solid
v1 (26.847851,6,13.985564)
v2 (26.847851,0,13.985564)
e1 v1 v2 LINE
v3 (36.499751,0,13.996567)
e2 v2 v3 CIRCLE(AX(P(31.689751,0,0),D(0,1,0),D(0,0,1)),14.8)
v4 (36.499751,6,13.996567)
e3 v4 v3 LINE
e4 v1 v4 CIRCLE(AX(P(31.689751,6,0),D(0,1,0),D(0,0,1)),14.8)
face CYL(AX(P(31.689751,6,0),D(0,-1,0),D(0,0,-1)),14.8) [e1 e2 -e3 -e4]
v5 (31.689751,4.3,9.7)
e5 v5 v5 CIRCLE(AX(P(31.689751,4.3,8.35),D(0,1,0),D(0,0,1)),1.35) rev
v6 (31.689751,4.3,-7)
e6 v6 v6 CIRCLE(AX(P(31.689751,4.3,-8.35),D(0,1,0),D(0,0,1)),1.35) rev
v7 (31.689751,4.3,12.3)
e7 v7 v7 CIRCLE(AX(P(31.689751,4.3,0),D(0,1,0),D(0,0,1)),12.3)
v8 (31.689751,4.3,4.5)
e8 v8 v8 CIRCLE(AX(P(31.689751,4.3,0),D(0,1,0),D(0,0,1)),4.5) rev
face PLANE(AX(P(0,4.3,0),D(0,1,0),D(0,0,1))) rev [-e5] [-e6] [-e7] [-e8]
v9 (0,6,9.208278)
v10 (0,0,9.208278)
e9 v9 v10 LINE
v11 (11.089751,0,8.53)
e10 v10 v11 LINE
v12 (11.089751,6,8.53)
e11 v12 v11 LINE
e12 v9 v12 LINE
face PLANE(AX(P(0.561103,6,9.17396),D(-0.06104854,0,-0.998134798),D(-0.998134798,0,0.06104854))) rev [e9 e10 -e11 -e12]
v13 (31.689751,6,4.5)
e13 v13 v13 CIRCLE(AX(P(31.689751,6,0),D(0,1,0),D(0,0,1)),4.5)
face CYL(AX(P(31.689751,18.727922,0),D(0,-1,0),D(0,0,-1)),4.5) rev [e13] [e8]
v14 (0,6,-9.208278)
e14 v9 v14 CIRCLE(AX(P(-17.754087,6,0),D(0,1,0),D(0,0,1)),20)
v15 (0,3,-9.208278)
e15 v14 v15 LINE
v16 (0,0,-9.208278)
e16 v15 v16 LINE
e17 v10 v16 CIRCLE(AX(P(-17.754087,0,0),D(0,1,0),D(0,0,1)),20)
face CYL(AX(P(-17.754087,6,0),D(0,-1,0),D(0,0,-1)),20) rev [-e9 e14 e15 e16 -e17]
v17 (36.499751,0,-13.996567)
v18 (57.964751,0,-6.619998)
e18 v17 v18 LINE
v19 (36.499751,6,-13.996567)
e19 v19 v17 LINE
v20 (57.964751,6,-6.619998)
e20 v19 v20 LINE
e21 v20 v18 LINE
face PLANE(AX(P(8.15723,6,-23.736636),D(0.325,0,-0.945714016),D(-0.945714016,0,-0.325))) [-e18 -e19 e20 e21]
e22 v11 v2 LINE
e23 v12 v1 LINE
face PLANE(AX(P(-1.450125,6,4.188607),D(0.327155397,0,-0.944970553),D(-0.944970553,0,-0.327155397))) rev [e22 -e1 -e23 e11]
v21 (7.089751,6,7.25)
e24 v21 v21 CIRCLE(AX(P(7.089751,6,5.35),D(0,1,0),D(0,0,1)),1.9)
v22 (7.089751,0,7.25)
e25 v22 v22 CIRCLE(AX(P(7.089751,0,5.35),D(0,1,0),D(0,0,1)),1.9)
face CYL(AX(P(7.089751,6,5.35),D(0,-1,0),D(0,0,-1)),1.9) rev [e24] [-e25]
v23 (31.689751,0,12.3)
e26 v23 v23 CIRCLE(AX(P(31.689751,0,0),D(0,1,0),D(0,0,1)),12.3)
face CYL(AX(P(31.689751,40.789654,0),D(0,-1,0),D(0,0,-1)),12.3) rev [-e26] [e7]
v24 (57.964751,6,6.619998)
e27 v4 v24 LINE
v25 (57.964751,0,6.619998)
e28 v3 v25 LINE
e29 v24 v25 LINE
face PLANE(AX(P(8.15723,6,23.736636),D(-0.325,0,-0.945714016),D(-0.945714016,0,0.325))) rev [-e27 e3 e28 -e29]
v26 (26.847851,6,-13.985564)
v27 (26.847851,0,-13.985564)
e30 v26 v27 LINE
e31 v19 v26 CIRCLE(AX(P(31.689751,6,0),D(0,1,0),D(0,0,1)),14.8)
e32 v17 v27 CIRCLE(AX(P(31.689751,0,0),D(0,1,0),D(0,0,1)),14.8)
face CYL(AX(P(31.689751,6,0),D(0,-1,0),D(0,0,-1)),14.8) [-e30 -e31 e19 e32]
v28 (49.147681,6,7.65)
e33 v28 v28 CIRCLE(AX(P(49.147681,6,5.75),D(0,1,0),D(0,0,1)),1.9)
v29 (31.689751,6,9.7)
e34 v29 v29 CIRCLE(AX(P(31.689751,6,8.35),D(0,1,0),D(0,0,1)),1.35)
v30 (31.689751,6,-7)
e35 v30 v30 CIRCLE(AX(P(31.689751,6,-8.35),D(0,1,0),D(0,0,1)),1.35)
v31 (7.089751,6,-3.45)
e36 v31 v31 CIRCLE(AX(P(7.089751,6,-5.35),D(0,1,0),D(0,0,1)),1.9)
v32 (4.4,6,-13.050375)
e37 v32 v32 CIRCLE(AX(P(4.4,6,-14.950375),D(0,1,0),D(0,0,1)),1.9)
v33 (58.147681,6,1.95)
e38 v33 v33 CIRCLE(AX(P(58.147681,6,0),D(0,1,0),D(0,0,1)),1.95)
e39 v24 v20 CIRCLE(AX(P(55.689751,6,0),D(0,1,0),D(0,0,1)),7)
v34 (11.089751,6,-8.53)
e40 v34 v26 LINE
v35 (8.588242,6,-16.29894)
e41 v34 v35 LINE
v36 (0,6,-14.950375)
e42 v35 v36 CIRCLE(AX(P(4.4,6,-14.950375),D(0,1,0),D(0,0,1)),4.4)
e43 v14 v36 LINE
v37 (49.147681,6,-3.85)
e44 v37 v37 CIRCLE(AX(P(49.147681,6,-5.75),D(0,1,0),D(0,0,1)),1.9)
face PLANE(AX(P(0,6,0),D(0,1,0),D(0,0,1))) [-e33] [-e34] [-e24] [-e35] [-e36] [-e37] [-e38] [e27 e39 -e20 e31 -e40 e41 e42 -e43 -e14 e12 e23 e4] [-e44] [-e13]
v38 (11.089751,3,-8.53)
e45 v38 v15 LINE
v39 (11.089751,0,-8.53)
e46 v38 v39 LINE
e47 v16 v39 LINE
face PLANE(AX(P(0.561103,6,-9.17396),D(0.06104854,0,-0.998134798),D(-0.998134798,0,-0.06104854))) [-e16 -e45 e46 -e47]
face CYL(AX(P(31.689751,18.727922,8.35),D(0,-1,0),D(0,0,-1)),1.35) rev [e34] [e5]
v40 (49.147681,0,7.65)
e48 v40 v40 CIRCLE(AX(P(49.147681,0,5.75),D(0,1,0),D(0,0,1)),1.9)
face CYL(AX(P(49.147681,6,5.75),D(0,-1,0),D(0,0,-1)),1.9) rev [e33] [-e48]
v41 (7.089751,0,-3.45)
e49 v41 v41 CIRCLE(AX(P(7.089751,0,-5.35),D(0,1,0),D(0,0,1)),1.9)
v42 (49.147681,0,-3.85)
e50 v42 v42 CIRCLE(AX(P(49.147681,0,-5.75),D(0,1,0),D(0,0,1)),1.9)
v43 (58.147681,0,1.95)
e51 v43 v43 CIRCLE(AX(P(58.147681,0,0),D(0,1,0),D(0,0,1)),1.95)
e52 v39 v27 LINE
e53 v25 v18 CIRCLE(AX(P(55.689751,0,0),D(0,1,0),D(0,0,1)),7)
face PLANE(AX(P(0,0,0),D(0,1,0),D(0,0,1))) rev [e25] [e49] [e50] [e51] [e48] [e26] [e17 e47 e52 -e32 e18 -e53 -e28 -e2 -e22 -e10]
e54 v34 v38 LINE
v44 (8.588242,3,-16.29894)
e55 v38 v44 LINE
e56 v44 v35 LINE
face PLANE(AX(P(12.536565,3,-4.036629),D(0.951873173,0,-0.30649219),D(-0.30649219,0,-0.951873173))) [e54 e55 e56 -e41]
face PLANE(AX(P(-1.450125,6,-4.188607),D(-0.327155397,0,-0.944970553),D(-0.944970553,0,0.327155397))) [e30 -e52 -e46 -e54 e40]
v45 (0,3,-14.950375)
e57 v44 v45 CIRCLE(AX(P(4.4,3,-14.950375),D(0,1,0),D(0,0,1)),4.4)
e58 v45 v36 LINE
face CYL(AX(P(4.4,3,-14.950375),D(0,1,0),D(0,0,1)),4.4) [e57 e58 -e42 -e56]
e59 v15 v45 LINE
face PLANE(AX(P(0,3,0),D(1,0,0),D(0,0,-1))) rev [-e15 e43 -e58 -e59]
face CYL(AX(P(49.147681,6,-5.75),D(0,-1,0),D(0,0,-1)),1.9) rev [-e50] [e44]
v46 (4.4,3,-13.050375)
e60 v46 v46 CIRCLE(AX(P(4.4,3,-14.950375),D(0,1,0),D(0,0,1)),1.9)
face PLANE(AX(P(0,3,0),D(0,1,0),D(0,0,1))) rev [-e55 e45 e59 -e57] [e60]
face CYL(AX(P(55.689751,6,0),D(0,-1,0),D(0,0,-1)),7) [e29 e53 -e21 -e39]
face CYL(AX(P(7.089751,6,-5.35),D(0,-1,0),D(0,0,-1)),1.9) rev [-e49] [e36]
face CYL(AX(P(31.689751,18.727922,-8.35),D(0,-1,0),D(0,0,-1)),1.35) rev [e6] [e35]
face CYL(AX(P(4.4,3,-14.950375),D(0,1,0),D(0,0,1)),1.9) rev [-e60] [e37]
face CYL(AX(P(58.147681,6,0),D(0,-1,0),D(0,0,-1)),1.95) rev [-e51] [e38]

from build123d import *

# Parameters (mm, degrees)
SKETCH1_R           = 1.9
SKETCH1_R_2         = 1.95
BOSS_EXTRUDE1_DEPTH = 6
SKETCH2_R           = 12.3
CUT_EXTRUDE1_DEPTH  = 4.3
SKETCH5_R           = 1.35
SKETCH5_R_2         = 4.5
CUT_EXTRUDE3_DEPTH  = 6
SKETCH6_R           = 1.9
BOSS_EXTRUDE3_DEPTH = 3


with BuildPart() as part:
    # Sketch1 → Boss-Extrude1 (new body)
    with BuildSketch(Plane(origin=(0, 0, 0), x_dir=(1, 0, 0), z_dir=(0, 1, 0))):
        with BuildLine():
            Line((11.089751242, 8.53), (0, 9.208278243))
            ThreePointArc((0, 9.208278243), (2.245912814, 0), (0, -9.208278243))
            Line((0, -9.208278243), (11.089751242, -8.53))
            Line((11.089751242, -8.53), (26.847851363, -13.985564185))
            ThreePointArc((26.847851363, -13.985564185), (31.672879121, -14.799990383), (36.499751242, -13.996567436))
            Line((36.499751242, -13.996567436), (57.964751242, -6.619998112))
            ThreePointArc((57.964751242, -6.619998112), (62.689751242, 0), (57.964751242, 6.619998112))
            Line((57.964751242, 6.619998112), (36.499751242, 13.996567436))
            ThreePointArc((36.499751242, 13.996567436), (31.672879121, 14.799990383), (26.847851363, 13.985564185))
            Line((26.847851363, 13.985564185), (11.089751242, 8.53))
        make_face()
        with Locations(Location((7.089751242, -5.35, 0), (0, 0, 270))):
            Circle(SKETCH1_R, mode=Mode.SUBTRACT)
        with Locations(Location((7.089751242, 5.35, 0), (0, 0, 270))):
            Circle(SKETCH1_R, mode=Mode.SUBTRACT)
        with Locations(Location((49.14768086, 5.75, 0), (0, 0, 270))):
            Circle(SKETCH1_R, mode=Mode.SUBTRACT)
        with Locations(Location((49.14768086, -5.75, 0), (0, 0, 270))):
            Circle(SKETCH1_R, mode=Mode.SUBTRACT)
        with Locations(Location((58.14768086, 0, 0), (0, 0, 270))):
            Circle(SKETCH1_R_2, mode=Mode.SUBTRACT)
    extrude(amount=BOSS_EXTRUDE1_DEPTH)

    # Sketch2 → Cut-Extrude1 (cut)
    with BuildSketch(Plane(origin=(0, 0, 0), x_dir=(1, 0, 0), z_dir=(0, 1, 0))):
        with Locations(Location((31.689751242, 0, 0), (0, 0, 270))):
            Circle(SKETCH2_R)
    extrude(amount=CUT_EXTRUDE1_DEPTH, mode=Mode.SUBTRACT)

    # Sketch5 → Cut-Extrude3 (cut)
    with BuildSketch(Plane(origin=(0, 0, 0), x_dir=(1, 0, 0), z_dir=(0, 1, 0))):
        with Locations(Location((31.689751242, 8.35, 0), (0, 0, 270))):
            Circle(SKETCH5_R)
        with Locations(Location((31.689751242, -8.35, 0), (0, 0, 270))):
            Circle(SKETCH5_R)
        with Locations(Location((31.689751242, 0, 0), (0, 0, 270))):
            Circle(SKETCH5_R_2)
    extrude(amount=CUT_EXTRUDE3_DEPTH, mode=Mode.SUBTRACT)

    # Sketch6 → Boss-Extrude3 (add)
    # profile 1 of 2: a face of its own
    with BuildSketch(Plane(origin=(0, 6, 0), x_dir=(1, 0, 0), z_dir=(0, 1, 0))):
        with BuildLine():
            Line((0, 14.950374836), (0, 9.208278243))
            Line((0, 9.208278243), (11.089751242, 8.53))
            Line((11.089751242, 8.53), (8.588241962, 16.298940471))
            ThreePointArc((8.588241962, 16.298940471), (3.717454995, 19.29711296), (0, 14.950374836))
        make_face()
        with Locations(Location((4.4, 14.950374836, 0), (0, 0, 270))):
            Circle(SKETCH6_R, mode=Mode.SUBTRACT)
    # profile 2 of 2: a face of its own
    with BuildSketch(Plane(origin=(0, 6, 0), x_dir=(1, 0, 0), z_dir=(0, 1, 0))):
        with BuildLine():
            Line((0, 14.950374836), (0, 9.208278243))
            Line((0, 9.208278243), (11.089751242, 8.53))
            Line((11.089751242, 8.53), (8.588241962, 16.298940471))
            ThreePointArc((8.588241962, 16.298940471), (3.717454995, 19.29711296), (0, 14.950374836))
        make_face()
        with Locations(Location((4.4, 14.950374836, 0), (0, 0, 270))):
            Circle(SKETCH6_R, mode=Mode.SUBTRACT)
    extrude(amount=-BOSS_EXTRUDE3_DEPTH)


solid = part.part
